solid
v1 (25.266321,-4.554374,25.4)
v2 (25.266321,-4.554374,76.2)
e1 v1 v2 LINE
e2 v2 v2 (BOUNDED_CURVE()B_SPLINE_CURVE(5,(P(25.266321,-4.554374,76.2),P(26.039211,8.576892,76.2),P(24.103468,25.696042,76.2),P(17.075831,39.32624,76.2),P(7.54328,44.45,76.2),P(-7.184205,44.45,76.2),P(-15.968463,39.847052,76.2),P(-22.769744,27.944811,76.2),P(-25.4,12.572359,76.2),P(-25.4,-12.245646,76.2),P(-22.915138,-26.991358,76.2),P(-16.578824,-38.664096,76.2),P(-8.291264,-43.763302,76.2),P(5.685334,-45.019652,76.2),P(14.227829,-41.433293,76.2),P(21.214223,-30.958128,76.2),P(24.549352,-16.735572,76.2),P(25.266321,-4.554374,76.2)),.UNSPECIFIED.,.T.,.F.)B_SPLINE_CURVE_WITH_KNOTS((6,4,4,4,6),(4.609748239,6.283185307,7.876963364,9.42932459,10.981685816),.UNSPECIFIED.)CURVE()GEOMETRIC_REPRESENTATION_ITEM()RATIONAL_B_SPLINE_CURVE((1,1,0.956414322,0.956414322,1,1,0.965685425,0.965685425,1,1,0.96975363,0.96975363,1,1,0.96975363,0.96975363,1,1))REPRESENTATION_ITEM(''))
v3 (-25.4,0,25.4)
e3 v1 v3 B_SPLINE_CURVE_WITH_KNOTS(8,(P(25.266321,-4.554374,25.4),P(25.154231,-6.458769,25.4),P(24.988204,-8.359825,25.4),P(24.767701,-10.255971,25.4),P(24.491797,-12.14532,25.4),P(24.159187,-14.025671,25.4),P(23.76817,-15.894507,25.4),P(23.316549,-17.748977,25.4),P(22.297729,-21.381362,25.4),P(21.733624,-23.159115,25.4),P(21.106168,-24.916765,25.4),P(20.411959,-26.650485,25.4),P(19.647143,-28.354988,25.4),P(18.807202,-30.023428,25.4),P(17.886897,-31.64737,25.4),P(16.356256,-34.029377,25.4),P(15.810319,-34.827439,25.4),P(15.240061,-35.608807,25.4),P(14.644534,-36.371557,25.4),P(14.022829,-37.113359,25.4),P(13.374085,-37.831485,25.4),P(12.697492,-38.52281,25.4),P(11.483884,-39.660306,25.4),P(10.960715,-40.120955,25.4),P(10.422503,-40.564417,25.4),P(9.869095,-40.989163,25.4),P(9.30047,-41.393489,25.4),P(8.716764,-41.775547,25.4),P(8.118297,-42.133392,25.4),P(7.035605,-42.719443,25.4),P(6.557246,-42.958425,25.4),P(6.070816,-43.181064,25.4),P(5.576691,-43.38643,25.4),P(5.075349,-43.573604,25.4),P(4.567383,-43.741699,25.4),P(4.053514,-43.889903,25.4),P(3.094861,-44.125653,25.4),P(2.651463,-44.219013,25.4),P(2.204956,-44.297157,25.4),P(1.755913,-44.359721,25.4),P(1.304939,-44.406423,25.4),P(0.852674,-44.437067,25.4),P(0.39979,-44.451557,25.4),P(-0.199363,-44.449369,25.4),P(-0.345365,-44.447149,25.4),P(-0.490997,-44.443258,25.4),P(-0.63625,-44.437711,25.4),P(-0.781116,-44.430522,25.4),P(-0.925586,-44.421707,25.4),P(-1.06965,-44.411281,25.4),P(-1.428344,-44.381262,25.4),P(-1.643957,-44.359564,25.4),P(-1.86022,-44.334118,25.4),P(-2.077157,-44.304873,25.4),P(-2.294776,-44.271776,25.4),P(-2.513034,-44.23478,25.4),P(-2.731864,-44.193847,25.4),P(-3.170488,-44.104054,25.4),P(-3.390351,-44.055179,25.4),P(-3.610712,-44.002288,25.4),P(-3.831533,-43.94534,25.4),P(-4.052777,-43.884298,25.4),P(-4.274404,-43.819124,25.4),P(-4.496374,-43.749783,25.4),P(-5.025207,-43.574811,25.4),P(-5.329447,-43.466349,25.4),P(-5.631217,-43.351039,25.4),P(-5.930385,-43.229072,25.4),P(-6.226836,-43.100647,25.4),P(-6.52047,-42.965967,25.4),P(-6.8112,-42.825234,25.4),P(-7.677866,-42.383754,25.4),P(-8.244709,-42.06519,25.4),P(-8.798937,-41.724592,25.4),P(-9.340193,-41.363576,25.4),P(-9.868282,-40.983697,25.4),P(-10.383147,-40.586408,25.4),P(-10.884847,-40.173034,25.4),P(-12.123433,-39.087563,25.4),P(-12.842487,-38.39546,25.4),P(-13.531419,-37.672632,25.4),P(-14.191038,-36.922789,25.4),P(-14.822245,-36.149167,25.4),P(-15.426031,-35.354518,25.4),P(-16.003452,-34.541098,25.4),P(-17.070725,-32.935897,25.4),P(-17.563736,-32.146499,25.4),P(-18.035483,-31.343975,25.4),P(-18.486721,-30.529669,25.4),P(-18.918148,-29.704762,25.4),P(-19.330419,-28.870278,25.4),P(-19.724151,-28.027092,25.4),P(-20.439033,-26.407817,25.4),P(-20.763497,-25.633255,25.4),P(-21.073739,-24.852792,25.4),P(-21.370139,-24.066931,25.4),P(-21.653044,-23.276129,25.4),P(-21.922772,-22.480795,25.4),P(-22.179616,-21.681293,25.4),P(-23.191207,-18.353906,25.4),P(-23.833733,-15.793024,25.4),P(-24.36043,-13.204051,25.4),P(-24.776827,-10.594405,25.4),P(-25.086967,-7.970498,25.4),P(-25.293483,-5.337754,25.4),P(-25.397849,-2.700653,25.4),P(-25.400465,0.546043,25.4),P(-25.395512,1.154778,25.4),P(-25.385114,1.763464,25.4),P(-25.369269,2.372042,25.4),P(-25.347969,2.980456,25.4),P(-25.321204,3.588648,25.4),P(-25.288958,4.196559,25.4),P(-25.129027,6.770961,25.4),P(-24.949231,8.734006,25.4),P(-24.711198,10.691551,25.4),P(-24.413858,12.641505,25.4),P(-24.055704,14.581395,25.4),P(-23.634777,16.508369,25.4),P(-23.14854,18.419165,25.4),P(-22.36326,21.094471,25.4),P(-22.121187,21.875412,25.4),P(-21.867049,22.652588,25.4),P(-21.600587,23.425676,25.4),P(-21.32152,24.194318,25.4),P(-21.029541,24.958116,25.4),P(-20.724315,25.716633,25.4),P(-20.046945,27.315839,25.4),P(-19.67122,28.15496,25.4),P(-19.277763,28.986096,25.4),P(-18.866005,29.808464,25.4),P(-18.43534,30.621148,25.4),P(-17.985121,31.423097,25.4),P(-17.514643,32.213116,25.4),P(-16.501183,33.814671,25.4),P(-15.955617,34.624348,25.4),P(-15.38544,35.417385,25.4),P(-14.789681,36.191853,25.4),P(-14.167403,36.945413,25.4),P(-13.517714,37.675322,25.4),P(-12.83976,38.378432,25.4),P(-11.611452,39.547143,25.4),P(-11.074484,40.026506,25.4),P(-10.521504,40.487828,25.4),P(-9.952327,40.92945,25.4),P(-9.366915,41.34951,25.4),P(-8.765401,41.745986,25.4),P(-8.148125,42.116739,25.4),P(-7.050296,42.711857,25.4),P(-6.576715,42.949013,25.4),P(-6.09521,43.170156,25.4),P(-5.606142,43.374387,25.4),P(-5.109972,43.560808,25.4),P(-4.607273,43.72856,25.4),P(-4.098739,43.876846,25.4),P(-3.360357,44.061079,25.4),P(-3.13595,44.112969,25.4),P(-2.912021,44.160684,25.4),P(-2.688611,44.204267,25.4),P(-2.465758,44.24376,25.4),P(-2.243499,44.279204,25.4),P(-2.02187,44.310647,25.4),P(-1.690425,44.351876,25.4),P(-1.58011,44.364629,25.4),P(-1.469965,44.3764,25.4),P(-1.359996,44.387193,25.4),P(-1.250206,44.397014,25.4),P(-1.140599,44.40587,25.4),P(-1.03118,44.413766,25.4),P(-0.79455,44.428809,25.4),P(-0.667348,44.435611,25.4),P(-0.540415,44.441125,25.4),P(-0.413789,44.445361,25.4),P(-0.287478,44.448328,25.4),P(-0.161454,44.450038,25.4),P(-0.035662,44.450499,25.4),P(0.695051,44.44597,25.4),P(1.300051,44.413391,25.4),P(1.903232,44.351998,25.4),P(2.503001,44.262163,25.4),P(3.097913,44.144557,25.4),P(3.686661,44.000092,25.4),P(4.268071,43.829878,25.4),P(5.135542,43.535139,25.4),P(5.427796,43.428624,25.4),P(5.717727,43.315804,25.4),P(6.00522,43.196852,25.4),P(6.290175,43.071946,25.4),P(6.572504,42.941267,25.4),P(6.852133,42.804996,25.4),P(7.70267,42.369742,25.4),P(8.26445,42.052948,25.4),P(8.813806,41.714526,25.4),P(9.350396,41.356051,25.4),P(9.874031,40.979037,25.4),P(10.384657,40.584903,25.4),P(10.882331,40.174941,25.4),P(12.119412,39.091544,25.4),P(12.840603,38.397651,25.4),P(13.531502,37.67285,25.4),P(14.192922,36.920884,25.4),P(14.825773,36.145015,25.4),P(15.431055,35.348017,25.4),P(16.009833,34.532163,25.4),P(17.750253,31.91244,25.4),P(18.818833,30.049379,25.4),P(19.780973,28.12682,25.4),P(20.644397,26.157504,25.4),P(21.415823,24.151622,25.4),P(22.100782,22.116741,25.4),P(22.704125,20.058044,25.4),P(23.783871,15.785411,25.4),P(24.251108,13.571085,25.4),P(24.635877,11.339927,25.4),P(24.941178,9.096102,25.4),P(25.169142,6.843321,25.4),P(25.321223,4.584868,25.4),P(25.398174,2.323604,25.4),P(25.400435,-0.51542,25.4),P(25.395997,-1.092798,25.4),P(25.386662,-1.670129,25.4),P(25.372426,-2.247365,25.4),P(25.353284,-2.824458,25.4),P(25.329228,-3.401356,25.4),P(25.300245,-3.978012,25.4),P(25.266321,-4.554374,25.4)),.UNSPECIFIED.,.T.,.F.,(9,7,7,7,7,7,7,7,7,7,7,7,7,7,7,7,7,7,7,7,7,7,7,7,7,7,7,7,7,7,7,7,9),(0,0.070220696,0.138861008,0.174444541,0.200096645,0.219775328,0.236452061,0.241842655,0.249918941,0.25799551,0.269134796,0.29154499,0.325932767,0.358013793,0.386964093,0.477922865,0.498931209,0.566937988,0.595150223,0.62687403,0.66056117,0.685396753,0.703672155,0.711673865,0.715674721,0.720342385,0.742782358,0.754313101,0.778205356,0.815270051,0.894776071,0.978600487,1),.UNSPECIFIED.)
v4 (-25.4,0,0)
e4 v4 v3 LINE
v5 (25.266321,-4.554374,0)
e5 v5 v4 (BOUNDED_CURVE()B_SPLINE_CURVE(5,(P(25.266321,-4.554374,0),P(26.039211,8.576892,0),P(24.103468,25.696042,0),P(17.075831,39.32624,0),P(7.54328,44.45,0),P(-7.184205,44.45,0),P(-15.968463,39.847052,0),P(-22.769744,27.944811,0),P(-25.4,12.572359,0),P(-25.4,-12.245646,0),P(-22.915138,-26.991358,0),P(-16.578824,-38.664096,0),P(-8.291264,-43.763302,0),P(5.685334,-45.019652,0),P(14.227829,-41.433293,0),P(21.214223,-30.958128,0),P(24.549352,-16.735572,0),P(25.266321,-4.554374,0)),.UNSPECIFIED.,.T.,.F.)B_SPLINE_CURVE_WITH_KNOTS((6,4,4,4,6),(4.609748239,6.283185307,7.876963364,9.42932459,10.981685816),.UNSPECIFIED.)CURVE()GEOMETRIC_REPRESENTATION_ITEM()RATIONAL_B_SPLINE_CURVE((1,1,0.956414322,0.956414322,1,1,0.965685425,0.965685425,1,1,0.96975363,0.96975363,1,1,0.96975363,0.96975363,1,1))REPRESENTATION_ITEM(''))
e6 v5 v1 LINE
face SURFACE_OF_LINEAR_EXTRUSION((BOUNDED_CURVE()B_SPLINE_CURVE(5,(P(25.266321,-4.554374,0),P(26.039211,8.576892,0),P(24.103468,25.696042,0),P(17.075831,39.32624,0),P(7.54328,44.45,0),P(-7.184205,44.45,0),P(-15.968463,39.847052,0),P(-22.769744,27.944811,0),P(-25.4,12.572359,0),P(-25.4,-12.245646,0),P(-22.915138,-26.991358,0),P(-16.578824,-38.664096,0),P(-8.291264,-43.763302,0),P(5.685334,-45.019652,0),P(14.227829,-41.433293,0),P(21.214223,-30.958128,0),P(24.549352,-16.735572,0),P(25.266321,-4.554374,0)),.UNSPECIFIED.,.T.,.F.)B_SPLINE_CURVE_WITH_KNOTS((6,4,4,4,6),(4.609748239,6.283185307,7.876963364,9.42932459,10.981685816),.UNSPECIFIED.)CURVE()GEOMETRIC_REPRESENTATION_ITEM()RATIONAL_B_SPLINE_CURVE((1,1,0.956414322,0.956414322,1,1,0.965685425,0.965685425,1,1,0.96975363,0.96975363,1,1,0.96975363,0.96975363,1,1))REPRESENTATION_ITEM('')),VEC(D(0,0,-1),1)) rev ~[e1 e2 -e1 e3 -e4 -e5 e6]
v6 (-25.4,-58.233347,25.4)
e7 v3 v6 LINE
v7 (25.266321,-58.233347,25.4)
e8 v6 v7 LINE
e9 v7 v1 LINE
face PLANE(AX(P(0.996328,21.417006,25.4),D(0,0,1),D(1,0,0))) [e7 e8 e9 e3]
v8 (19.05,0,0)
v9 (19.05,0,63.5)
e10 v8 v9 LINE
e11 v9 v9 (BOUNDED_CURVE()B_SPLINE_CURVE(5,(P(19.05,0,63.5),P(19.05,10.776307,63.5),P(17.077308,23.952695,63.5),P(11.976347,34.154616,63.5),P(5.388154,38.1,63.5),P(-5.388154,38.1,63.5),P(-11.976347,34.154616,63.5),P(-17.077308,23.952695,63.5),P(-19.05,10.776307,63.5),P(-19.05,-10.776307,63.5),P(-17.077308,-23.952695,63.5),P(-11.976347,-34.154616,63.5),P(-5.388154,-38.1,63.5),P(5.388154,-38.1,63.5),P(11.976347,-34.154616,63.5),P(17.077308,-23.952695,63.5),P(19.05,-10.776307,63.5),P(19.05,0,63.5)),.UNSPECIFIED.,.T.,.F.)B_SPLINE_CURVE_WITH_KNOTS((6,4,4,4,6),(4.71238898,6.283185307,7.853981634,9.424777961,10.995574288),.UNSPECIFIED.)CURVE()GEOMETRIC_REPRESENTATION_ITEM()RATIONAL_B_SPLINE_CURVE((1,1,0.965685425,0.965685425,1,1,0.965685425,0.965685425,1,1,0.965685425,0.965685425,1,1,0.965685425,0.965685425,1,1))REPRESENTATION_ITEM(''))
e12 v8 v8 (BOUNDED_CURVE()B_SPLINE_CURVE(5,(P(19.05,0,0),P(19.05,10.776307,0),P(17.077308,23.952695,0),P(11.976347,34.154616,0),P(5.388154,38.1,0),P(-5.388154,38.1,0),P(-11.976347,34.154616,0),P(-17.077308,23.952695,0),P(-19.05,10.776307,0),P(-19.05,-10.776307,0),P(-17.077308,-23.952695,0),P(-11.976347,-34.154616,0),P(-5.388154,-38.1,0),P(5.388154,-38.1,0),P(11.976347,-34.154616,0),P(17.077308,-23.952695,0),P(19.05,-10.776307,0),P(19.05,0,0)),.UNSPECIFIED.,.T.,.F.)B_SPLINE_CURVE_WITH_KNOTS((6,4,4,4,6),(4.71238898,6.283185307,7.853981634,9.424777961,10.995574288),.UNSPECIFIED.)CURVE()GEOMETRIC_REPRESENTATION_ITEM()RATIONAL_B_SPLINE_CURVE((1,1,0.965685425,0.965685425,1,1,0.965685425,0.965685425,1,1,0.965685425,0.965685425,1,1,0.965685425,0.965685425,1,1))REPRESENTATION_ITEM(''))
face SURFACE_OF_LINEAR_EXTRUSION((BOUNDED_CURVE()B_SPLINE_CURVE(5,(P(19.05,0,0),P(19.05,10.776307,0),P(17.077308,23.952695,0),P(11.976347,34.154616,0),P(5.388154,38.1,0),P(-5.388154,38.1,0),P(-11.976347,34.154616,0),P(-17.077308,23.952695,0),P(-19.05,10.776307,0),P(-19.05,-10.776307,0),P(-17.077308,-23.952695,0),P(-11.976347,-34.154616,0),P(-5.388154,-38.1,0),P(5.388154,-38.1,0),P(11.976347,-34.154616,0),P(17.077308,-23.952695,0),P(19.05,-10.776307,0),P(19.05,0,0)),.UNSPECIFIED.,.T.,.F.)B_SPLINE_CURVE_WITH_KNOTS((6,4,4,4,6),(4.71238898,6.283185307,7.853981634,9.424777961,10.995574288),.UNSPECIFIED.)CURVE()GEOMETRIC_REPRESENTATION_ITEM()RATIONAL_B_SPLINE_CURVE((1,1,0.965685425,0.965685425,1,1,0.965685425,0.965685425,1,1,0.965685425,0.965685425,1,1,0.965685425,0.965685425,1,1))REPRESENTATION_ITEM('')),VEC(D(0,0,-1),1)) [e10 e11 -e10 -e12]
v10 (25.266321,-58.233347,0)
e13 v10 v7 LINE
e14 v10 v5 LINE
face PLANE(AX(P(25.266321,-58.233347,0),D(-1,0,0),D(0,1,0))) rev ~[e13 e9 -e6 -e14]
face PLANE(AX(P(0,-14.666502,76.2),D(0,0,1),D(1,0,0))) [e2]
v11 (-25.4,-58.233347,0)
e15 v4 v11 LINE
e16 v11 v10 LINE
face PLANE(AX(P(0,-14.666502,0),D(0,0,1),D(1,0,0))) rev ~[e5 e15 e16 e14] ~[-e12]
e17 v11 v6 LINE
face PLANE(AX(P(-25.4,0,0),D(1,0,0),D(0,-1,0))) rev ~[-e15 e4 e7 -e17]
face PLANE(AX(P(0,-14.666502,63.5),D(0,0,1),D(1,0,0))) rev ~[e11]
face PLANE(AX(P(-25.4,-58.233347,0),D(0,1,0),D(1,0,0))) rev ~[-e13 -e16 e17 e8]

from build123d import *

# Parameters (mm, degrees)
F1_DEPTH = 76.2
F2_DEPTH = 63.5
F3_DEPTH = 25.4


with BuildPart() as f1:
    # F0 (on Top) → F1 (new body)
    with BuildSketch(Plane.XY):
        with BuildLine():
            Line((19.05, 0), (-19.05, 0))
            add(Edge.make_bspline(
                [(-19.05, 0), (-19.05, -38.1), (0, -38.1), (19.05, -38.1), (19.05, 0)],
                knots=[1.5707963268, 1.5707963268, 1.5707963268, 3.1415926536, 3.1415926536, 4.7123889804, 4.7123889804, 4.7123889804], degree=2, weights=[1, 0.7071067812, 1, 0.7071067812, 1]))
        make_face()
        with BuildLine():
            add(Edge.make_bspline(
                [(0, 38.1), (-19.05, 38.1), (-19.05, 0)],
                knots=[0, 0, 0, 1.5707963268, 1.5707963268, 1.5707963268], degree=2, weights=[1, 0.7071067812, 1]))
            Line((-19.05, 0), (19.05, 0))
            add(Edge.make_bspline(
                [(19.05, 0), (19.05, 38.1), (0, 38.1)],
                knots=[4.7123889804, 4.7123889804, 4.7123889804, 6.2831853072, 6.2831853072, 6.2831853072], degree=2, weights=[1, 0.7071067812, 1]))
        make_face()
        with BuildLine():
            Line((-19.05, 0), (-25.4, 0))
            add(Edge.make_bspline(
                [(-25.4, 0), (-25.4, -42.225404776), (-1.3029652817, -44.3914770763), (22.7940694367, -46.5575493766), (25.266321376, -4.554374286)],
                knots=[1.5707963268, 1.5707963268, 1.5707963268, 3.0902722831, 3.0902722831, 4.6097482393, 4.6097482393, 4.6097482393], degree=2, weights=[1, 0.7250164983, 1, 0.7250164983, 1]))
            Line((25.266321376, -4.554374286), (25.266321376, 0))
            Line((25.266321376, 0), (19.05, 0))
            add(Edge.make_bspline(
                [(-19.05, 0), (-19.05, -38.1), (0, -38.1), (19.05, -38.1), (19.05, 0)],
                knots=[1.5707963268, 1.5707963268, 1.5707963268, 3.1415926536, 3.1415926536, 4.7123889804, 4.7123889804, 4.7123889804], degree=2, weights=[1, 0.7071067812, 1, 0.7071067812, 1]))
        make_face()
        with BuildLine():
            add(Edge.make_bspline(
                [(25.266321376, -4.554374286), (28.1506547413, 44.45), (0, 44.45)],
                knots=[4.6097482393, 4.6097482393, 4.6097482393, 6.2831853072, 6.2831853072, 6.2831853072], degree=2, weights=[1, 0.669902749, 1]))
            add(Edge.make_bspline(
                [(0, 44.45), (-25.4, 44.45), (-25.4, 0)],
                knots=[0, 0, 0, 1.5707963268, 1.5707963268, 1.5707963268], degree=2, weights=[1, 0.7071067812, 1]))
            Line((-25.4, 0), (-19.05, 0))
            add(Edge.make_bspline(
                [(0, 38.1), (-19.05, 38.1), (-19.05, 0)],
                knots=[0, 0, 0, 1.5707963268, 1.5707963268, 1.5707963268], degree=2, weights=[1, 0.7071067812, 1]))
            add(Edge.make_bspline(
                [(19.05, 0), (19.05, 38.1), (0, 38.1)],
                knots=[4.7123889804, 4.7123889804, 4.7123889804, 6.2831853072, 6.2831853072, 6.2831853072], degree=2, weights=[1, 0.7071067812, 1]))
            Line((19.05, 0), (25.266321376, 0))
            Line((25.266321376, 0), (25.266321376, -4.554374286))
        make_face()
    extrude(amount=F1_DEPTH)

    # F0 (on Top) → F2 (cut)
    with BuildSketch(Plane.XY):
        with BuildLine():
            Line((19.05, 0), (-19.05, 0))
            add(Edge.make_bspline(
                [(-19.05, 0), (-19.05, -38.1), (0, -38.1), (19.05, -38.1), (19.05, 0)],
                knots=[1.5707963268, 1.5707963268, 1.5707963268, 3.1415926536, 3.1415926536, 4.7123889804, 4.7123889804, 4.7123889804], degree=2, weights=[1, 0.7071067812, 1, 0.7071067812, 1]))
        make_face()
        with BuildLine():
            add(Edge.make_bspline(
                [(0, 38.1), (-19.05, 38.1), (-19.05, 0)],
                knots=[0, 0, 0, 1.5707963268, 1.5707963268, 1.5707963268], degree=2, weights=[1, 0.7071067812, 1]))
            Line((-19.05, 0), (19.05, 0))
            add(Edge.make_bspline(
                [(19.05, 0), (19.05, 38.1), (0, 38.1)],
                knots=[4.7123889804, 4.7123889804, 4.7123889804, 6.2831853072, 6.2831853072, 6.2831853072], degree=2, weights=[1, 0.7071067812, 1]))
        make_face()
    extrude(amount=F2_DEPTH, mode=Mode.SUBTRACT)

    # F0 (on Top) → F3 (join)
    with BuildSketch(Plane.XY):
        with BuildLine():
            add(Edge.make_bspline(
                [(25.266321376, -4.554374286), (28.1506547413, 44.45), (0, 44.45)],
                knots=[4.6097482393, 4.6097482393, 4.6097482393, 6.2831853072, 6.2831853072, 6.2831853072], degree=2, weights=[1, 0.669902749, 1]))
            add(Edge.make_bspline(
                [(0, 44.45), (-25.4, 44.45), (-25.4, 0)],
                knots=[0, 0, 0, 1.5707963268, 1.5707963268, 1.5707963268], degree=2, weights=[1, 0.7071067812, 1]))
            Line((-25.4, 0), (-19.05, 0))
            add(Edge.make_bspline(
                [(0, 38.1), (-19.05, 38.1), (-19.05, 0)],
                knots=[0, 0, 0, 1.5707963268, 1.5707963268, 1.5707963268], degree=2, weights=[1, 0.7071067812, 1]))
            add(Edge.make_bspline(
                [(19.05, 0), (19.05, 38.1), (0, 38.1)],
                knots=[4.7123889804, 4.7123889804, 4.7123889804, 6.2831853072, 6.2831853072, 6.2831853072], degree=2, weights=[1, 0.7071067812, 1]))
            Line((19.05, 0), (25.266321376, 0))
            Line((25.266321376, 0), (25.266321376, -4.554374286))
        make_face()
        with BuildLine():
            Line((-19.05, 0), (-25.4, 0))
            add(Edge.make_bspline(
                [(-25.4, 0), (-25.4, -42.225404776), (-1.3029652817, -44.3914770763), (22.7940694367, -46.5575493766), (25.266321376, -4.554374286)],
                knots=[1.5707963268, 1.5707963268, 1.5707963268, 3.0902722831, 3.0902722831, 4.6097482393, 4.6097482393, 4.6097482393], degree=2, weights=[1, 0.7250164983, 1, 0.7250164983, 1]))
            Line((25.266321376, -4.554374286), (25.266321376, 0))
            Line((25.266321376, 0), (19.05, 0))
            add(Edge.make_bspline(
                [(-19.05, 0), (-19.05, -38.1), (0, -38.1), (19.05, -38.1), (19.05, 0)],
                knots=[1.5707963268, 1.5707963268, 1.5707963268, 3.1415926536, 3.1415926536, 4.7123889804, 4.7123889804, 4.7123889804], degree=2, weights=[1, 0.7071067812, 1, 0.7071067812, 1]))
        make_face()
        with BuildLine():
            add(Edge.make_bspline(
                [(-25.4, 0), (-25.4, -42.225404776), (-1.3029652817, -44.3914770763), (22.7940694367, -46.5575493766), (25.266321376, -4.554374286)],
                knots=[1.5707963268, 1.5707963268, 1.5707963268, 3.0902722831, 3.0902722831, 4.6097482393, 4.6097482393, 4.6097482393], degree=2, weights=[1, 0.7250164983, 1, 0.7250164983, 1]))
            Line((-25.4, 0), (-25.4, -58.2333467901))
            Line((-25.4, -58.2333467901), (25.266321376, -58.2333467901))
            Line((25.266321376, -58.2333467901), (25.266321376, -4.554374286))
        make_face()
    extrude(amount=F3_DEPTH)


solid = f1.part
